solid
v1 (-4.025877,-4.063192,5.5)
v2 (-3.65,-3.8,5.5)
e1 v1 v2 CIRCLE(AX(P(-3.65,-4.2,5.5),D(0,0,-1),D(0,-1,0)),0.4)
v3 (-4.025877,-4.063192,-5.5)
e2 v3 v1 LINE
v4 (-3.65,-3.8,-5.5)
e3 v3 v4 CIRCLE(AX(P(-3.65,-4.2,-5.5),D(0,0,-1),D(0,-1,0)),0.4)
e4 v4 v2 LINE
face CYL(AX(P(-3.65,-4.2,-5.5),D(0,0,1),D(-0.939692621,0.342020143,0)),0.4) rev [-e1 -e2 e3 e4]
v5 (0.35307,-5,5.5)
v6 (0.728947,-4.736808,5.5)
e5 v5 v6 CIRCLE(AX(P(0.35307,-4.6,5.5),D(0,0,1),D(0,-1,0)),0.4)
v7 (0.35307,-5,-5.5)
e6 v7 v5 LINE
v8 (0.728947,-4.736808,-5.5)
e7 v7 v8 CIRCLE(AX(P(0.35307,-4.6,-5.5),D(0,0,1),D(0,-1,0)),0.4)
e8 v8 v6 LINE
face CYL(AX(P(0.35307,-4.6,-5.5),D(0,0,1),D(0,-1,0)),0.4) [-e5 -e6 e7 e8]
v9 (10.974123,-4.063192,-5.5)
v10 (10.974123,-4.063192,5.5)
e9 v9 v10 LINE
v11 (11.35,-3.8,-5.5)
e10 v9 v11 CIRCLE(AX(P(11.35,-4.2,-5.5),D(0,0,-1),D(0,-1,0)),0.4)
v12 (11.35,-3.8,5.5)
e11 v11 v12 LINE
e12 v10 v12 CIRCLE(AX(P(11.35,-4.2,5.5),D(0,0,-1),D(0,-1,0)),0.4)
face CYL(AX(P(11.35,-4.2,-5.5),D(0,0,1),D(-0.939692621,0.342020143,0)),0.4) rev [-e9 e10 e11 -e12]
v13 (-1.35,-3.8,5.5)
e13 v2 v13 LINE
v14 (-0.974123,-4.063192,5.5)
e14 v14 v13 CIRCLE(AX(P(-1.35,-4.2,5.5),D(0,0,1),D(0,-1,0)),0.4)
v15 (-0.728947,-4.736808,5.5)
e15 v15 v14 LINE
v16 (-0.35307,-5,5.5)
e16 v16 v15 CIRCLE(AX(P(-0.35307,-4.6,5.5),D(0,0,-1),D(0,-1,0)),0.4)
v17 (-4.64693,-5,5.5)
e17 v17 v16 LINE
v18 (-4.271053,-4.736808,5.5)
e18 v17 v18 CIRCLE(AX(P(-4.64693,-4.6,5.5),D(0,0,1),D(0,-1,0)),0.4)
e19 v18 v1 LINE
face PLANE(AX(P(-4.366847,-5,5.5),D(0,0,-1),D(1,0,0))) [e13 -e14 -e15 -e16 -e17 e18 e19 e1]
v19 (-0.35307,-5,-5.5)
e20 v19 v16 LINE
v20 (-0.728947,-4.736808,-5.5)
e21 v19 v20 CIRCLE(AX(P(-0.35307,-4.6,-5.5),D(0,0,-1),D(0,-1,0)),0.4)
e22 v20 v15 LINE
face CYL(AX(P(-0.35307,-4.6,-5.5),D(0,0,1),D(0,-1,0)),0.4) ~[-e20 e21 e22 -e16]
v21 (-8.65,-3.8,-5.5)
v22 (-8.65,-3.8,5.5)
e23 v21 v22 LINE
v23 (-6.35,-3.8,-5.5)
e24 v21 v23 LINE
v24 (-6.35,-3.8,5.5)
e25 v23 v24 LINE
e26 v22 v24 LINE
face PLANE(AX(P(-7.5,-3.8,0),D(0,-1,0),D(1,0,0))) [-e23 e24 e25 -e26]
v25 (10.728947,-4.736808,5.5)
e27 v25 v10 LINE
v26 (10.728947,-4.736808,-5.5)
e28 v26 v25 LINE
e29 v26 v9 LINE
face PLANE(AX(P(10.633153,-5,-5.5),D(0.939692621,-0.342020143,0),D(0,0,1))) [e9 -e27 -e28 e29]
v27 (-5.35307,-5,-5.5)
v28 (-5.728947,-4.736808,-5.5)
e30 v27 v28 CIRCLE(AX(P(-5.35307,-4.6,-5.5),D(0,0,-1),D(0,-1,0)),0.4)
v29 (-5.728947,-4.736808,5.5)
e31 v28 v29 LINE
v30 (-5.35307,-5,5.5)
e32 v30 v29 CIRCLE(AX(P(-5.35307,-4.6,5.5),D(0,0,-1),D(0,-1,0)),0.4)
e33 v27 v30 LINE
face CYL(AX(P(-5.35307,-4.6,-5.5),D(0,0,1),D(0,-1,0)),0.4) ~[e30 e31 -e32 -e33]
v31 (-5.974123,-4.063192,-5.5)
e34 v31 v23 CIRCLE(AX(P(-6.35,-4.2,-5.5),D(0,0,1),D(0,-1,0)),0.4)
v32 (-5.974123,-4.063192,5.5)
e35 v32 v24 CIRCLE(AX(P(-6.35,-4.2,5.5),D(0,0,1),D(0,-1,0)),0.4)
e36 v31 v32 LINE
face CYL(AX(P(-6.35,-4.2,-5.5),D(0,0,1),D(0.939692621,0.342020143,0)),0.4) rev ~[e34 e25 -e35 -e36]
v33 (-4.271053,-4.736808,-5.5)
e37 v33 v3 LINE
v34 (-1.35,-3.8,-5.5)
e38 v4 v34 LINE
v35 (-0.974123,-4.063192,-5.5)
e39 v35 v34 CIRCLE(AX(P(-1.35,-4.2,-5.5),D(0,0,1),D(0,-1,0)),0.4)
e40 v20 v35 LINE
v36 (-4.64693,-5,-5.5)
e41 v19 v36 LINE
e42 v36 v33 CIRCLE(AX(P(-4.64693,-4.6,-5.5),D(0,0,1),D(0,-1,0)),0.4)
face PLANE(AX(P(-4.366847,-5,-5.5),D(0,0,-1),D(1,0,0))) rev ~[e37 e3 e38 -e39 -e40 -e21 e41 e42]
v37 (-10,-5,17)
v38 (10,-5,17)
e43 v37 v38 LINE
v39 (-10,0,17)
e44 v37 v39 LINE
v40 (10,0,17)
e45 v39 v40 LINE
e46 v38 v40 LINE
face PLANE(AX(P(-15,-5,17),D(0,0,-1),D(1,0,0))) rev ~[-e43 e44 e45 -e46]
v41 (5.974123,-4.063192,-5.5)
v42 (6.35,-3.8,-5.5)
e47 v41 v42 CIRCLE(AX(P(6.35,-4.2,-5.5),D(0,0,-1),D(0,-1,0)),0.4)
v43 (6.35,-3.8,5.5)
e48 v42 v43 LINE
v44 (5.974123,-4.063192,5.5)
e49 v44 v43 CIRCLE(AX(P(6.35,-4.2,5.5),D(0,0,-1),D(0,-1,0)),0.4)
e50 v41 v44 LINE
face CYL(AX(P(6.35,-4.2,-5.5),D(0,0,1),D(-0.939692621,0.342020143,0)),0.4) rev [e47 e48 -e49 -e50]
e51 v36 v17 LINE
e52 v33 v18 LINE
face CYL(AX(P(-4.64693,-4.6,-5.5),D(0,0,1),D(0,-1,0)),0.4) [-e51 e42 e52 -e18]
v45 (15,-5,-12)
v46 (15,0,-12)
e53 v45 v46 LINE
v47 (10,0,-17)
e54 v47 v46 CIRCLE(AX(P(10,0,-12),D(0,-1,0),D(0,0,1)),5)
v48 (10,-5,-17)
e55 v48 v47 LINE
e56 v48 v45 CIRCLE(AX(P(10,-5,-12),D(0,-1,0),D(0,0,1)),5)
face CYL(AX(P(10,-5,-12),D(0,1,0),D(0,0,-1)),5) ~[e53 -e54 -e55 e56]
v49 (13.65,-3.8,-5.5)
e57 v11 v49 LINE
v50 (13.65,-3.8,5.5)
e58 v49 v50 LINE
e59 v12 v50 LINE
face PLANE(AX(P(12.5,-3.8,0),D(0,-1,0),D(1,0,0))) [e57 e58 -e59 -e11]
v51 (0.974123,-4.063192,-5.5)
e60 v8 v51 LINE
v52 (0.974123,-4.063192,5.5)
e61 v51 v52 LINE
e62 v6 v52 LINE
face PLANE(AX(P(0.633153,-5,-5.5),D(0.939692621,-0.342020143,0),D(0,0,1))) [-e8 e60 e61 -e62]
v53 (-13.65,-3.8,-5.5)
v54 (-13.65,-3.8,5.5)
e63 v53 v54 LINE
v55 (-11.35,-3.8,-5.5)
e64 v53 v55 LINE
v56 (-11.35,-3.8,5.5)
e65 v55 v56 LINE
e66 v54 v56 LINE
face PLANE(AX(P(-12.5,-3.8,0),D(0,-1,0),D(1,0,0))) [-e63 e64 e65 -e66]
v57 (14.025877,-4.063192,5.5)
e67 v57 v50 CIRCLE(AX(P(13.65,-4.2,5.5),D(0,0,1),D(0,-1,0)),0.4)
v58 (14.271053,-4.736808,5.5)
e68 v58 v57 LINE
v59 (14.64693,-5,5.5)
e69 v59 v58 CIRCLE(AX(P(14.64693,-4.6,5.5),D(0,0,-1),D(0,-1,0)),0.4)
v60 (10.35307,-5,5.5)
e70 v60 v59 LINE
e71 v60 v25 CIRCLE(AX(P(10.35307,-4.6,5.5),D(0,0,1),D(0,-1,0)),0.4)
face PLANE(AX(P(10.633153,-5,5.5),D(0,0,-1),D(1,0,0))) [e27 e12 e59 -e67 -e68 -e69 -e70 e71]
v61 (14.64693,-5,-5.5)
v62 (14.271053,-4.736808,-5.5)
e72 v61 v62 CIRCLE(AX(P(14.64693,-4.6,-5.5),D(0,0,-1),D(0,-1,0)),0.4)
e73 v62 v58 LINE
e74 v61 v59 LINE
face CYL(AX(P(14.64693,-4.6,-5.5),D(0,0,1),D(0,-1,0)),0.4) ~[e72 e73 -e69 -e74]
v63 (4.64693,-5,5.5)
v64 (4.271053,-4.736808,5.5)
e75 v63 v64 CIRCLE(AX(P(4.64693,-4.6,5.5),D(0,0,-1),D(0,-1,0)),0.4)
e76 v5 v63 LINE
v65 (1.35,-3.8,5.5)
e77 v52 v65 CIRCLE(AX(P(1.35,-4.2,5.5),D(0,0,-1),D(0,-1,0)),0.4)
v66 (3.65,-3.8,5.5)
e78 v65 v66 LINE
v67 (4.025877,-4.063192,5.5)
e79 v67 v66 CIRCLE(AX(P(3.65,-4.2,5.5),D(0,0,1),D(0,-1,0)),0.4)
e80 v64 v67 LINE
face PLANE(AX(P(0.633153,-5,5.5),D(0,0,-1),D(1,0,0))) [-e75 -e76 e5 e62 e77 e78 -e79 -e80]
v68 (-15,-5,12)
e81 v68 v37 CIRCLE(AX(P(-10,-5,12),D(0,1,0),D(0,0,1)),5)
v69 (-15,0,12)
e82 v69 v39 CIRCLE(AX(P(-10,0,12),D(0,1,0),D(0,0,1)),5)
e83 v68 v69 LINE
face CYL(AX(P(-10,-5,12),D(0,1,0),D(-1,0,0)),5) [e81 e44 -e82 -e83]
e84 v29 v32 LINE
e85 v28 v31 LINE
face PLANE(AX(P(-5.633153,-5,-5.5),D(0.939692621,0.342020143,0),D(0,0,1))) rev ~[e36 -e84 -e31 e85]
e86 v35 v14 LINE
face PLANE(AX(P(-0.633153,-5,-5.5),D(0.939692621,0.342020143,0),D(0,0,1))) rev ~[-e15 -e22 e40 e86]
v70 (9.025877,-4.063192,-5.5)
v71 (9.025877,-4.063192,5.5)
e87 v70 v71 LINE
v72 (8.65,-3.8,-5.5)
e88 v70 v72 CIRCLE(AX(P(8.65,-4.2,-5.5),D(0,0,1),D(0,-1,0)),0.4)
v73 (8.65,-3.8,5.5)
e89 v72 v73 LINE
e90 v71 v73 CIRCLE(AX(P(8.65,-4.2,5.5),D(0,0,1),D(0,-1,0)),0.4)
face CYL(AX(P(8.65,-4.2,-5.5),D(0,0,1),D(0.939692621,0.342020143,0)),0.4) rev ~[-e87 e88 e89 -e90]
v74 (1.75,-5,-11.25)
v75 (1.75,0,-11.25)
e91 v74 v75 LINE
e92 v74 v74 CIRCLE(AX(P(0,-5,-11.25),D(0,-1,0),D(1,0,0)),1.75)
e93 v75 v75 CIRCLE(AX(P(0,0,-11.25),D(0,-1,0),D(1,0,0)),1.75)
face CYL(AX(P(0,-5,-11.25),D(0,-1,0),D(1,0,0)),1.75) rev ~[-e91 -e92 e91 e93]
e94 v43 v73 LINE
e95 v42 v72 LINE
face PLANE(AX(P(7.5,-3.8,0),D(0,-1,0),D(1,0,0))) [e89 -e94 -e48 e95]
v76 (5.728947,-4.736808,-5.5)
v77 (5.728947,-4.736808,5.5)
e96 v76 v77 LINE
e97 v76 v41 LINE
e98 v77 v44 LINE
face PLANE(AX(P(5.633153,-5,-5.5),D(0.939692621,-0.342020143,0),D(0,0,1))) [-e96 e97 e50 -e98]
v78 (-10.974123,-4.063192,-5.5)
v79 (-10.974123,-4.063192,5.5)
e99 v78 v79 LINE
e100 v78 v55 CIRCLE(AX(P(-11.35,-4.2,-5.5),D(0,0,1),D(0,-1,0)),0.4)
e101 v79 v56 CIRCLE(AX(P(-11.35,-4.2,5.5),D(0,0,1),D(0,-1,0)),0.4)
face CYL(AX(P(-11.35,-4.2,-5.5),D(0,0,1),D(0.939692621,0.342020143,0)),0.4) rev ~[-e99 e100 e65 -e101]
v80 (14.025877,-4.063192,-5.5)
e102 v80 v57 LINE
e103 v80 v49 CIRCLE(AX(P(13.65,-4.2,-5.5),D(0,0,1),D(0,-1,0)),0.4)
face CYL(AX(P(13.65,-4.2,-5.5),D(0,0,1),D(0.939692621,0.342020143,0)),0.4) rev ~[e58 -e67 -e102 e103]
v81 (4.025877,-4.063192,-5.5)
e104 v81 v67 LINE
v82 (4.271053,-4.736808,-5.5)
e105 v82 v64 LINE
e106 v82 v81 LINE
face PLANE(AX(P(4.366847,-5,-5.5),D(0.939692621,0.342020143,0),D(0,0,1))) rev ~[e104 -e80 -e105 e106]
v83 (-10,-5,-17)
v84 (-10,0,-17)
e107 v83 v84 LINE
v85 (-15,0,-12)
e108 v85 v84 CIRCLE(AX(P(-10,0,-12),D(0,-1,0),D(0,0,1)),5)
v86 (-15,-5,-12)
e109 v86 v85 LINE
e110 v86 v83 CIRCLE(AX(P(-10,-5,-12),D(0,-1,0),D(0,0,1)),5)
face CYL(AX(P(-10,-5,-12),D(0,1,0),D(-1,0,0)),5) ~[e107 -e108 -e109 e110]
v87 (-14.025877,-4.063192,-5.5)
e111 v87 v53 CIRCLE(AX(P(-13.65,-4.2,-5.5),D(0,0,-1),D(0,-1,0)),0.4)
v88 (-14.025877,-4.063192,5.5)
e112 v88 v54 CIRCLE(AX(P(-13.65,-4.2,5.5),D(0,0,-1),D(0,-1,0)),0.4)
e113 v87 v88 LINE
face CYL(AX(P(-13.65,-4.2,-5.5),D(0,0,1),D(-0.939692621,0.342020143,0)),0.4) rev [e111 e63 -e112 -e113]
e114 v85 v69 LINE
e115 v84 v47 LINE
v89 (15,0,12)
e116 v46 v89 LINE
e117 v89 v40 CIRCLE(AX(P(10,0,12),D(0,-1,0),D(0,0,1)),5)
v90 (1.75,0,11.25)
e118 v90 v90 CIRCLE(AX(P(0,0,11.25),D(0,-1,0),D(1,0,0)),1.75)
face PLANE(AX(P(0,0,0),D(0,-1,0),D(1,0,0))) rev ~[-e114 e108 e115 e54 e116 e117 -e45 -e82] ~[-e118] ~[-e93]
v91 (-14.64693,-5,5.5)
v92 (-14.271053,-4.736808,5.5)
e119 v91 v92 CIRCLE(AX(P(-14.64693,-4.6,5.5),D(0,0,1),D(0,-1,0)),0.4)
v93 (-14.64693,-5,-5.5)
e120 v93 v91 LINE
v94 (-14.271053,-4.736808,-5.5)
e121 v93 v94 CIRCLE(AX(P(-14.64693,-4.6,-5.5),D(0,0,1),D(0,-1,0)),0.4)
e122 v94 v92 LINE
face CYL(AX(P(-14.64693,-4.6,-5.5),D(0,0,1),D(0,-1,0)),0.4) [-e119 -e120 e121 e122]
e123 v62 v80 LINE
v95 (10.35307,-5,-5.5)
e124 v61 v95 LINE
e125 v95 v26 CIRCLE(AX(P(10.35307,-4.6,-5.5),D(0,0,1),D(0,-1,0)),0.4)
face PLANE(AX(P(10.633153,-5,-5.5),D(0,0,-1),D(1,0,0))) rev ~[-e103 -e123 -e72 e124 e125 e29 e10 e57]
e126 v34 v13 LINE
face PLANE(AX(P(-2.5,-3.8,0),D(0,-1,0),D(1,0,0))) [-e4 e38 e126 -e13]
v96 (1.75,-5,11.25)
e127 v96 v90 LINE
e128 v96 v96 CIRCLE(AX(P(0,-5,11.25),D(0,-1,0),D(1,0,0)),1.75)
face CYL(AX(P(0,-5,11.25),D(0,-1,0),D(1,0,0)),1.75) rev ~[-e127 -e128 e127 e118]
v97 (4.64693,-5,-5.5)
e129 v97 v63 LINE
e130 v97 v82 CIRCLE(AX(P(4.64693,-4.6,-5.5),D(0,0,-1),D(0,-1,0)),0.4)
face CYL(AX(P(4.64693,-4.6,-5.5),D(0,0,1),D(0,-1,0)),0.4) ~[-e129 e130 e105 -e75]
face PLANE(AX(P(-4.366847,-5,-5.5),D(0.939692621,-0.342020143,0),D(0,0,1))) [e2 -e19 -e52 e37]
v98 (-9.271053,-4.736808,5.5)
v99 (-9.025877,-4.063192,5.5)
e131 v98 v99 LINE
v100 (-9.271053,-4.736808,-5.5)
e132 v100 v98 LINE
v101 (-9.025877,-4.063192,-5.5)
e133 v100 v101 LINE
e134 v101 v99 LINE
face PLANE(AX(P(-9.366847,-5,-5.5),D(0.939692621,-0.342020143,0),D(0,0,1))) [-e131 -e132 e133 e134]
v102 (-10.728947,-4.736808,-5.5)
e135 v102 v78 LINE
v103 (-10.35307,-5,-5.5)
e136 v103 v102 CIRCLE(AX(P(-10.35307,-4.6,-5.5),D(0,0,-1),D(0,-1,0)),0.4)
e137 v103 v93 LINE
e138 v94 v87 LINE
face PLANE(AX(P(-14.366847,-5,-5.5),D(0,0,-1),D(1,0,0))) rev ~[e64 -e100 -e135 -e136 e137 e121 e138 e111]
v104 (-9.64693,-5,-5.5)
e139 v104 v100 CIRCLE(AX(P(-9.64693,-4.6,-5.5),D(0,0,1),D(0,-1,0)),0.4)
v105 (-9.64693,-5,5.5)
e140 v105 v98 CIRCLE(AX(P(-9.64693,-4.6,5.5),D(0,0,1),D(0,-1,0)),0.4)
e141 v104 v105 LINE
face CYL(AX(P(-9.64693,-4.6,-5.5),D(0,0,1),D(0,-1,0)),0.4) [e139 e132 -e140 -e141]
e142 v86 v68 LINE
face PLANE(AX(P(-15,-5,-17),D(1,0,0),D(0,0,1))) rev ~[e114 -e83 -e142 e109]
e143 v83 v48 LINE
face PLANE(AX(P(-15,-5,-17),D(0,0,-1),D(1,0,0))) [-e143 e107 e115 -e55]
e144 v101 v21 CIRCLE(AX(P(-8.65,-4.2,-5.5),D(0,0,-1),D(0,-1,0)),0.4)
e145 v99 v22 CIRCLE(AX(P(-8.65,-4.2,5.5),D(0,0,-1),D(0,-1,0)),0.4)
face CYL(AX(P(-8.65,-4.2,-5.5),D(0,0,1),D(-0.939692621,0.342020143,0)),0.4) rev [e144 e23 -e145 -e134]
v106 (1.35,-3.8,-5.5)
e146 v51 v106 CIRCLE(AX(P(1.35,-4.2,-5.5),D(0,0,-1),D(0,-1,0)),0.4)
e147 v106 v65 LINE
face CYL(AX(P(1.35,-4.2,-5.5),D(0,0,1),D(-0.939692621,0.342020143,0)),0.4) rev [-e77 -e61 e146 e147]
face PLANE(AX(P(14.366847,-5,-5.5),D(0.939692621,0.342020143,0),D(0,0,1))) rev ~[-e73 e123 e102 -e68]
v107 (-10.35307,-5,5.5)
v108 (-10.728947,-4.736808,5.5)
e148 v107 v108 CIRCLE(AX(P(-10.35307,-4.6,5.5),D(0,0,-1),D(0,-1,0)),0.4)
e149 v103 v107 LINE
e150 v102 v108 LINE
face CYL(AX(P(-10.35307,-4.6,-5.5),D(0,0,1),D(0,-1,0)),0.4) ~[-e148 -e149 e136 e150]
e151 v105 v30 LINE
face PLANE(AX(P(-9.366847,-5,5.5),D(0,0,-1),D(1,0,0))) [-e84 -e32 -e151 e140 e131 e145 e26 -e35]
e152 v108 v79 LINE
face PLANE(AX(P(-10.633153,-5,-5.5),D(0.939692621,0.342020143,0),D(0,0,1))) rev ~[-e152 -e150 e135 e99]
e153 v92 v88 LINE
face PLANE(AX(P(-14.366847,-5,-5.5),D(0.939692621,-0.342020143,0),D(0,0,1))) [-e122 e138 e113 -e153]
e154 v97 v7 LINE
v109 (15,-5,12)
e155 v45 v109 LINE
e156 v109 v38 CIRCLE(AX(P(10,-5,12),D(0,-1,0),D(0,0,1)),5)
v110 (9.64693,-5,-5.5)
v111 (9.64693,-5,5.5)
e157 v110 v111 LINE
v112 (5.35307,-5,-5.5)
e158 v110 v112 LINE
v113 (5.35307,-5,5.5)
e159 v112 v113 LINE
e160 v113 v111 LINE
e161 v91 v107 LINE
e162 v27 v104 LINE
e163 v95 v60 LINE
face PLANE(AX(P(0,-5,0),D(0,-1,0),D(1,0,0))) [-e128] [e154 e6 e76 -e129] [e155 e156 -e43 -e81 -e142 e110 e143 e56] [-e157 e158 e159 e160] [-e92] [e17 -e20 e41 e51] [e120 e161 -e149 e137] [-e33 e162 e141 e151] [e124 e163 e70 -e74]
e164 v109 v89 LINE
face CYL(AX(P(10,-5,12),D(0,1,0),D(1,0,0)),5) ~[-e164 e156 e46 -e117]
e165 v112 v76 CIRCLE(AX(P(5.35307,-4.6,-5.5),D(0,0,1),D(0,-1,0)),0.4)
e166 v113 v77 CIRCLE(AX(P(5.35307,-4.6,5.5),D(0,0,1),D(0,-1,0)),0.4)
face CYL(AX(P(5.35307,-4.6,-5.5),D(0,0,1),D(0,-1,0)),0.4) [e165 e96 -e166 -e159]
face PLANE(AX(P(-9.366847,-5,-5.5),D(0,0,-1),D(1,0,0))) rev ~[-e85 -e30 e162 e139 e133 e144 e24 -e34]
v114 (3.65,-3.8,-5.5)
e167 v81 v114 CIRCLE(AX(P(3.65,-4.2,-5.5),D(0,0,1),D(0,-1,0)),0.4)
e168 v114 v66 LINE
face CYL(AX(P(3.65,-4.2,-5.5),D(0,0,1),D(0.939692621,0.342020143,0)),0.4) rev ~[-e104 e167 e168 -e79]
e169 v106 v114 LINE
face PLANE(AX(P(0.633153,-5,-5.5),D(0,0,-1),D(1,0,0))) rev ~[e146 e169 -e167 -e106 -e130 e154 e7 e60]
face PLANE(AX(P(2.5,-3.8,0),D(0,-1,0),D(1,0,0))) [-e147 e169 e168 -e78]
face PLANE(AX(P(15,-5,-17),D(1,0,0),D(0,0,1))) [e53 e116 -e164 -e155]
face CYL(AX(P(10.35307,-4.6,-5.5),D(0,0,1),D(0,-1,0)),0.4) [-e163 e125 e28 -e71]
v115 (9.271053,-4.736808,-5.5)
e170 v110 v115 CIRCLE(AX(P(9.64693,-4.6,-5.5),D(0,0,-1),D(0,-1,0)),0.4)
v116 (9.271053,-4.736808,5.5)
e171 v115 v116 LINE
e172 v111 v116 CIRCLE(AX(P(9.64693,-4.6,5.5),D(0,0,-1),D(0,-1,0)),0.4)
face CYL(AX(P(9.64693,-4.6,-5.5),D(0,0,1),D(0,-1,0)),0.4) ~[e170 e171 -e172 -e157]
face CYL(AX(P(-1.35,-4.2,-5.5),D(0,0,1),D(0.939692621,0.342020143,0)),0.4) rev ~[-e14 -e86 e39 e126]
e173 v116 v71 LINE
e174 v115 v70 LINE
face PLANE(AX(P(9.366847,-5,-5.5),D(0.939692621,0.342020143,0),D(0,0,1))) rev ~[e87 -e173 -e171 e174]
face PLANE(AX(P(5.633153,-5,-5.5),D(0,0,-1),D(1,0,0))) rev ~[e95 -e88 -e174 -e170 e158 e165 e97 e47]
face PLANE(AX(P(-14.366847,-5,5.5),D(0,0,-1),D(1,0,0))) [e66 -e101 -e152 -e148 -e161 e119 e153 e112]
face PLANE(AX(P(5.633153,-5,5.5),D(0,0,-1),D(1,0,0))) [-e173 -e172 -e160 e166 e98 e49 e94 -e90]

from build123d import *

# Parameters (mm, degrees)
SKETCH1_W           = 30
SKETCH1_H           = 34
BOSS_EXTRUDE1_DEPTH = 5
FILLET2_R           = 5
SKETCH10_R          = 1.75
CUT_EXTRUDE7_DEPTH  = 6
SKETCH11_W          = 3.733694592
SKETCH11_H          = 11
CUT_EXTRUDE8_DEPTH  = 1.2
DRAFT1_ANGLE        = 20
FILLET3_R           = 0.4


with BuildPart() as part:
    # Sketch1 → Boss-Extrude1 (new body)
    with BuildSketch(Plane.XZ.offset(5)):
        Rectangle(SKETCH1_W, SKETCH1_H)
    extrude(amount=-BOSS_EXTRUDE1_DEPTH)

    # Fillet2
    fillet2_edges = [part.edges().sort_by_distance(p)[0] for p in [
        (15, -2.5, 17),
        (15, -2.5, -17),
        (-15, -2.5, -17),
        (-15, -2.5, 17),
    ]]
    fillet(fillet2_edges, radius=FILLET2_R)

    # Sketch10 → Cut-Extrude7 (cut, through all)
    with BuildSketch(Plane.XZ.offset(5)):
        with Locations((0, 11.25)):
            Circle(SKETCH10_R)
        with Locations((0, -11.25)):
            Circle(SKETCH10_R)
    extrude(amount=-CUT_EXTRUDE7_DEPTH, mode=Mode.SUBTRACT)

    # Sketch11 → Cut-Extrude8 (cut)
    with BuildSketch(Plane.XZ.offset(5)):
        with Locations((-12.5, 0)):
            Rectangle(SKETCH11_W, SKETCH11_H)
        with Locations((-7.5, 0)):
            Rectangle(SKETCH11_W, SKETCH11_H)
        with Locations((-2.5, 0)):
            Rectangle(SKETCH11_W, SKETCH11_H)
        with Locations((2.5, 0)):
            Rectangle(SKETCH11_W, SKETCH11_H)
        with Locations((7.5, 0)):
            Rectangle(SKETCH11_W, SKETCH11_H)
        with Locations((12.5, 0)):
            Rectangle(SKETCH11_W, SKETCH11_H)
    extrude(amount=-CUT_EXTRUDE8_DEPTH, mode=Mode.SUBTRACT)

    # Draft1
    draft1_faces = [part.faces().sort_by_distance(p)[0] for p in [
        (10.633152704, -4.4, 0),
        (5.633152704, -4.4, 0),
        (0.633152704, -4.4, 0),
        (-4.366847296, -4.4, 0),
        (-9.366847296, -4.4, 0),
        (-14.366847296, -4.4, 0),
        (14.366847296, -4.4, 0),
        (9.366847296, -4.4, 0),
        (4.366847296, -4.4, 0),
        (-0.633152704, -4.4, 0),
        (-5.633152704, -4.4, 0),
        (-10.633152704, -4.4, 0),
    ]]
    draft(draft1_faces, Plane(origin=(0, -5, 0), x_dir=(0, 0, -1), z_dir=(0, -1, 0)), DRAFT1_ANGLE)

    # Fillet3
    fillet3_edges = [part.edges().sort_by_distance(p)[0] for p in [
        (-13.930083015, -3.8, 0),
        (-11.069916985, -3.8, 0),
        (-14.366847296, -5, 0),
        (-10.633152704, -5, 0),
        (-8.930083015, -3.8, 0),
        (-6.069916985, -3.8, 0),
        (-9.366847296, -5, 0),
        (-5.633152704, -5, 0),
        (-3.930083015, -3.8, 0),
        (-1.069916985, -3.8, 0),
        (-4.366847296, -5, 0),
        (-0.633152704, -5, 0),
        (1.069916985, -3.8, 0),
        (3.930083015, -3.8, 0),
        (0.633152704, -5, 0),
        (4.366847296, -5, 0),
        (6.069916985, -3.8, 0),
        (8.930083015, -3.8, 0),
        (5.633152704, -5, 0),
        (9.366847296, -5, 0),
        (11.069916985, -3.8, 0),
        (13.930083015, -3.8, 0),
        (10.633152704, -5, 0),
        (14.366847296, -5, 0),
    ]]
    fillet(fillet3_edges, radius=FILLET3_R)


solid = part.part
